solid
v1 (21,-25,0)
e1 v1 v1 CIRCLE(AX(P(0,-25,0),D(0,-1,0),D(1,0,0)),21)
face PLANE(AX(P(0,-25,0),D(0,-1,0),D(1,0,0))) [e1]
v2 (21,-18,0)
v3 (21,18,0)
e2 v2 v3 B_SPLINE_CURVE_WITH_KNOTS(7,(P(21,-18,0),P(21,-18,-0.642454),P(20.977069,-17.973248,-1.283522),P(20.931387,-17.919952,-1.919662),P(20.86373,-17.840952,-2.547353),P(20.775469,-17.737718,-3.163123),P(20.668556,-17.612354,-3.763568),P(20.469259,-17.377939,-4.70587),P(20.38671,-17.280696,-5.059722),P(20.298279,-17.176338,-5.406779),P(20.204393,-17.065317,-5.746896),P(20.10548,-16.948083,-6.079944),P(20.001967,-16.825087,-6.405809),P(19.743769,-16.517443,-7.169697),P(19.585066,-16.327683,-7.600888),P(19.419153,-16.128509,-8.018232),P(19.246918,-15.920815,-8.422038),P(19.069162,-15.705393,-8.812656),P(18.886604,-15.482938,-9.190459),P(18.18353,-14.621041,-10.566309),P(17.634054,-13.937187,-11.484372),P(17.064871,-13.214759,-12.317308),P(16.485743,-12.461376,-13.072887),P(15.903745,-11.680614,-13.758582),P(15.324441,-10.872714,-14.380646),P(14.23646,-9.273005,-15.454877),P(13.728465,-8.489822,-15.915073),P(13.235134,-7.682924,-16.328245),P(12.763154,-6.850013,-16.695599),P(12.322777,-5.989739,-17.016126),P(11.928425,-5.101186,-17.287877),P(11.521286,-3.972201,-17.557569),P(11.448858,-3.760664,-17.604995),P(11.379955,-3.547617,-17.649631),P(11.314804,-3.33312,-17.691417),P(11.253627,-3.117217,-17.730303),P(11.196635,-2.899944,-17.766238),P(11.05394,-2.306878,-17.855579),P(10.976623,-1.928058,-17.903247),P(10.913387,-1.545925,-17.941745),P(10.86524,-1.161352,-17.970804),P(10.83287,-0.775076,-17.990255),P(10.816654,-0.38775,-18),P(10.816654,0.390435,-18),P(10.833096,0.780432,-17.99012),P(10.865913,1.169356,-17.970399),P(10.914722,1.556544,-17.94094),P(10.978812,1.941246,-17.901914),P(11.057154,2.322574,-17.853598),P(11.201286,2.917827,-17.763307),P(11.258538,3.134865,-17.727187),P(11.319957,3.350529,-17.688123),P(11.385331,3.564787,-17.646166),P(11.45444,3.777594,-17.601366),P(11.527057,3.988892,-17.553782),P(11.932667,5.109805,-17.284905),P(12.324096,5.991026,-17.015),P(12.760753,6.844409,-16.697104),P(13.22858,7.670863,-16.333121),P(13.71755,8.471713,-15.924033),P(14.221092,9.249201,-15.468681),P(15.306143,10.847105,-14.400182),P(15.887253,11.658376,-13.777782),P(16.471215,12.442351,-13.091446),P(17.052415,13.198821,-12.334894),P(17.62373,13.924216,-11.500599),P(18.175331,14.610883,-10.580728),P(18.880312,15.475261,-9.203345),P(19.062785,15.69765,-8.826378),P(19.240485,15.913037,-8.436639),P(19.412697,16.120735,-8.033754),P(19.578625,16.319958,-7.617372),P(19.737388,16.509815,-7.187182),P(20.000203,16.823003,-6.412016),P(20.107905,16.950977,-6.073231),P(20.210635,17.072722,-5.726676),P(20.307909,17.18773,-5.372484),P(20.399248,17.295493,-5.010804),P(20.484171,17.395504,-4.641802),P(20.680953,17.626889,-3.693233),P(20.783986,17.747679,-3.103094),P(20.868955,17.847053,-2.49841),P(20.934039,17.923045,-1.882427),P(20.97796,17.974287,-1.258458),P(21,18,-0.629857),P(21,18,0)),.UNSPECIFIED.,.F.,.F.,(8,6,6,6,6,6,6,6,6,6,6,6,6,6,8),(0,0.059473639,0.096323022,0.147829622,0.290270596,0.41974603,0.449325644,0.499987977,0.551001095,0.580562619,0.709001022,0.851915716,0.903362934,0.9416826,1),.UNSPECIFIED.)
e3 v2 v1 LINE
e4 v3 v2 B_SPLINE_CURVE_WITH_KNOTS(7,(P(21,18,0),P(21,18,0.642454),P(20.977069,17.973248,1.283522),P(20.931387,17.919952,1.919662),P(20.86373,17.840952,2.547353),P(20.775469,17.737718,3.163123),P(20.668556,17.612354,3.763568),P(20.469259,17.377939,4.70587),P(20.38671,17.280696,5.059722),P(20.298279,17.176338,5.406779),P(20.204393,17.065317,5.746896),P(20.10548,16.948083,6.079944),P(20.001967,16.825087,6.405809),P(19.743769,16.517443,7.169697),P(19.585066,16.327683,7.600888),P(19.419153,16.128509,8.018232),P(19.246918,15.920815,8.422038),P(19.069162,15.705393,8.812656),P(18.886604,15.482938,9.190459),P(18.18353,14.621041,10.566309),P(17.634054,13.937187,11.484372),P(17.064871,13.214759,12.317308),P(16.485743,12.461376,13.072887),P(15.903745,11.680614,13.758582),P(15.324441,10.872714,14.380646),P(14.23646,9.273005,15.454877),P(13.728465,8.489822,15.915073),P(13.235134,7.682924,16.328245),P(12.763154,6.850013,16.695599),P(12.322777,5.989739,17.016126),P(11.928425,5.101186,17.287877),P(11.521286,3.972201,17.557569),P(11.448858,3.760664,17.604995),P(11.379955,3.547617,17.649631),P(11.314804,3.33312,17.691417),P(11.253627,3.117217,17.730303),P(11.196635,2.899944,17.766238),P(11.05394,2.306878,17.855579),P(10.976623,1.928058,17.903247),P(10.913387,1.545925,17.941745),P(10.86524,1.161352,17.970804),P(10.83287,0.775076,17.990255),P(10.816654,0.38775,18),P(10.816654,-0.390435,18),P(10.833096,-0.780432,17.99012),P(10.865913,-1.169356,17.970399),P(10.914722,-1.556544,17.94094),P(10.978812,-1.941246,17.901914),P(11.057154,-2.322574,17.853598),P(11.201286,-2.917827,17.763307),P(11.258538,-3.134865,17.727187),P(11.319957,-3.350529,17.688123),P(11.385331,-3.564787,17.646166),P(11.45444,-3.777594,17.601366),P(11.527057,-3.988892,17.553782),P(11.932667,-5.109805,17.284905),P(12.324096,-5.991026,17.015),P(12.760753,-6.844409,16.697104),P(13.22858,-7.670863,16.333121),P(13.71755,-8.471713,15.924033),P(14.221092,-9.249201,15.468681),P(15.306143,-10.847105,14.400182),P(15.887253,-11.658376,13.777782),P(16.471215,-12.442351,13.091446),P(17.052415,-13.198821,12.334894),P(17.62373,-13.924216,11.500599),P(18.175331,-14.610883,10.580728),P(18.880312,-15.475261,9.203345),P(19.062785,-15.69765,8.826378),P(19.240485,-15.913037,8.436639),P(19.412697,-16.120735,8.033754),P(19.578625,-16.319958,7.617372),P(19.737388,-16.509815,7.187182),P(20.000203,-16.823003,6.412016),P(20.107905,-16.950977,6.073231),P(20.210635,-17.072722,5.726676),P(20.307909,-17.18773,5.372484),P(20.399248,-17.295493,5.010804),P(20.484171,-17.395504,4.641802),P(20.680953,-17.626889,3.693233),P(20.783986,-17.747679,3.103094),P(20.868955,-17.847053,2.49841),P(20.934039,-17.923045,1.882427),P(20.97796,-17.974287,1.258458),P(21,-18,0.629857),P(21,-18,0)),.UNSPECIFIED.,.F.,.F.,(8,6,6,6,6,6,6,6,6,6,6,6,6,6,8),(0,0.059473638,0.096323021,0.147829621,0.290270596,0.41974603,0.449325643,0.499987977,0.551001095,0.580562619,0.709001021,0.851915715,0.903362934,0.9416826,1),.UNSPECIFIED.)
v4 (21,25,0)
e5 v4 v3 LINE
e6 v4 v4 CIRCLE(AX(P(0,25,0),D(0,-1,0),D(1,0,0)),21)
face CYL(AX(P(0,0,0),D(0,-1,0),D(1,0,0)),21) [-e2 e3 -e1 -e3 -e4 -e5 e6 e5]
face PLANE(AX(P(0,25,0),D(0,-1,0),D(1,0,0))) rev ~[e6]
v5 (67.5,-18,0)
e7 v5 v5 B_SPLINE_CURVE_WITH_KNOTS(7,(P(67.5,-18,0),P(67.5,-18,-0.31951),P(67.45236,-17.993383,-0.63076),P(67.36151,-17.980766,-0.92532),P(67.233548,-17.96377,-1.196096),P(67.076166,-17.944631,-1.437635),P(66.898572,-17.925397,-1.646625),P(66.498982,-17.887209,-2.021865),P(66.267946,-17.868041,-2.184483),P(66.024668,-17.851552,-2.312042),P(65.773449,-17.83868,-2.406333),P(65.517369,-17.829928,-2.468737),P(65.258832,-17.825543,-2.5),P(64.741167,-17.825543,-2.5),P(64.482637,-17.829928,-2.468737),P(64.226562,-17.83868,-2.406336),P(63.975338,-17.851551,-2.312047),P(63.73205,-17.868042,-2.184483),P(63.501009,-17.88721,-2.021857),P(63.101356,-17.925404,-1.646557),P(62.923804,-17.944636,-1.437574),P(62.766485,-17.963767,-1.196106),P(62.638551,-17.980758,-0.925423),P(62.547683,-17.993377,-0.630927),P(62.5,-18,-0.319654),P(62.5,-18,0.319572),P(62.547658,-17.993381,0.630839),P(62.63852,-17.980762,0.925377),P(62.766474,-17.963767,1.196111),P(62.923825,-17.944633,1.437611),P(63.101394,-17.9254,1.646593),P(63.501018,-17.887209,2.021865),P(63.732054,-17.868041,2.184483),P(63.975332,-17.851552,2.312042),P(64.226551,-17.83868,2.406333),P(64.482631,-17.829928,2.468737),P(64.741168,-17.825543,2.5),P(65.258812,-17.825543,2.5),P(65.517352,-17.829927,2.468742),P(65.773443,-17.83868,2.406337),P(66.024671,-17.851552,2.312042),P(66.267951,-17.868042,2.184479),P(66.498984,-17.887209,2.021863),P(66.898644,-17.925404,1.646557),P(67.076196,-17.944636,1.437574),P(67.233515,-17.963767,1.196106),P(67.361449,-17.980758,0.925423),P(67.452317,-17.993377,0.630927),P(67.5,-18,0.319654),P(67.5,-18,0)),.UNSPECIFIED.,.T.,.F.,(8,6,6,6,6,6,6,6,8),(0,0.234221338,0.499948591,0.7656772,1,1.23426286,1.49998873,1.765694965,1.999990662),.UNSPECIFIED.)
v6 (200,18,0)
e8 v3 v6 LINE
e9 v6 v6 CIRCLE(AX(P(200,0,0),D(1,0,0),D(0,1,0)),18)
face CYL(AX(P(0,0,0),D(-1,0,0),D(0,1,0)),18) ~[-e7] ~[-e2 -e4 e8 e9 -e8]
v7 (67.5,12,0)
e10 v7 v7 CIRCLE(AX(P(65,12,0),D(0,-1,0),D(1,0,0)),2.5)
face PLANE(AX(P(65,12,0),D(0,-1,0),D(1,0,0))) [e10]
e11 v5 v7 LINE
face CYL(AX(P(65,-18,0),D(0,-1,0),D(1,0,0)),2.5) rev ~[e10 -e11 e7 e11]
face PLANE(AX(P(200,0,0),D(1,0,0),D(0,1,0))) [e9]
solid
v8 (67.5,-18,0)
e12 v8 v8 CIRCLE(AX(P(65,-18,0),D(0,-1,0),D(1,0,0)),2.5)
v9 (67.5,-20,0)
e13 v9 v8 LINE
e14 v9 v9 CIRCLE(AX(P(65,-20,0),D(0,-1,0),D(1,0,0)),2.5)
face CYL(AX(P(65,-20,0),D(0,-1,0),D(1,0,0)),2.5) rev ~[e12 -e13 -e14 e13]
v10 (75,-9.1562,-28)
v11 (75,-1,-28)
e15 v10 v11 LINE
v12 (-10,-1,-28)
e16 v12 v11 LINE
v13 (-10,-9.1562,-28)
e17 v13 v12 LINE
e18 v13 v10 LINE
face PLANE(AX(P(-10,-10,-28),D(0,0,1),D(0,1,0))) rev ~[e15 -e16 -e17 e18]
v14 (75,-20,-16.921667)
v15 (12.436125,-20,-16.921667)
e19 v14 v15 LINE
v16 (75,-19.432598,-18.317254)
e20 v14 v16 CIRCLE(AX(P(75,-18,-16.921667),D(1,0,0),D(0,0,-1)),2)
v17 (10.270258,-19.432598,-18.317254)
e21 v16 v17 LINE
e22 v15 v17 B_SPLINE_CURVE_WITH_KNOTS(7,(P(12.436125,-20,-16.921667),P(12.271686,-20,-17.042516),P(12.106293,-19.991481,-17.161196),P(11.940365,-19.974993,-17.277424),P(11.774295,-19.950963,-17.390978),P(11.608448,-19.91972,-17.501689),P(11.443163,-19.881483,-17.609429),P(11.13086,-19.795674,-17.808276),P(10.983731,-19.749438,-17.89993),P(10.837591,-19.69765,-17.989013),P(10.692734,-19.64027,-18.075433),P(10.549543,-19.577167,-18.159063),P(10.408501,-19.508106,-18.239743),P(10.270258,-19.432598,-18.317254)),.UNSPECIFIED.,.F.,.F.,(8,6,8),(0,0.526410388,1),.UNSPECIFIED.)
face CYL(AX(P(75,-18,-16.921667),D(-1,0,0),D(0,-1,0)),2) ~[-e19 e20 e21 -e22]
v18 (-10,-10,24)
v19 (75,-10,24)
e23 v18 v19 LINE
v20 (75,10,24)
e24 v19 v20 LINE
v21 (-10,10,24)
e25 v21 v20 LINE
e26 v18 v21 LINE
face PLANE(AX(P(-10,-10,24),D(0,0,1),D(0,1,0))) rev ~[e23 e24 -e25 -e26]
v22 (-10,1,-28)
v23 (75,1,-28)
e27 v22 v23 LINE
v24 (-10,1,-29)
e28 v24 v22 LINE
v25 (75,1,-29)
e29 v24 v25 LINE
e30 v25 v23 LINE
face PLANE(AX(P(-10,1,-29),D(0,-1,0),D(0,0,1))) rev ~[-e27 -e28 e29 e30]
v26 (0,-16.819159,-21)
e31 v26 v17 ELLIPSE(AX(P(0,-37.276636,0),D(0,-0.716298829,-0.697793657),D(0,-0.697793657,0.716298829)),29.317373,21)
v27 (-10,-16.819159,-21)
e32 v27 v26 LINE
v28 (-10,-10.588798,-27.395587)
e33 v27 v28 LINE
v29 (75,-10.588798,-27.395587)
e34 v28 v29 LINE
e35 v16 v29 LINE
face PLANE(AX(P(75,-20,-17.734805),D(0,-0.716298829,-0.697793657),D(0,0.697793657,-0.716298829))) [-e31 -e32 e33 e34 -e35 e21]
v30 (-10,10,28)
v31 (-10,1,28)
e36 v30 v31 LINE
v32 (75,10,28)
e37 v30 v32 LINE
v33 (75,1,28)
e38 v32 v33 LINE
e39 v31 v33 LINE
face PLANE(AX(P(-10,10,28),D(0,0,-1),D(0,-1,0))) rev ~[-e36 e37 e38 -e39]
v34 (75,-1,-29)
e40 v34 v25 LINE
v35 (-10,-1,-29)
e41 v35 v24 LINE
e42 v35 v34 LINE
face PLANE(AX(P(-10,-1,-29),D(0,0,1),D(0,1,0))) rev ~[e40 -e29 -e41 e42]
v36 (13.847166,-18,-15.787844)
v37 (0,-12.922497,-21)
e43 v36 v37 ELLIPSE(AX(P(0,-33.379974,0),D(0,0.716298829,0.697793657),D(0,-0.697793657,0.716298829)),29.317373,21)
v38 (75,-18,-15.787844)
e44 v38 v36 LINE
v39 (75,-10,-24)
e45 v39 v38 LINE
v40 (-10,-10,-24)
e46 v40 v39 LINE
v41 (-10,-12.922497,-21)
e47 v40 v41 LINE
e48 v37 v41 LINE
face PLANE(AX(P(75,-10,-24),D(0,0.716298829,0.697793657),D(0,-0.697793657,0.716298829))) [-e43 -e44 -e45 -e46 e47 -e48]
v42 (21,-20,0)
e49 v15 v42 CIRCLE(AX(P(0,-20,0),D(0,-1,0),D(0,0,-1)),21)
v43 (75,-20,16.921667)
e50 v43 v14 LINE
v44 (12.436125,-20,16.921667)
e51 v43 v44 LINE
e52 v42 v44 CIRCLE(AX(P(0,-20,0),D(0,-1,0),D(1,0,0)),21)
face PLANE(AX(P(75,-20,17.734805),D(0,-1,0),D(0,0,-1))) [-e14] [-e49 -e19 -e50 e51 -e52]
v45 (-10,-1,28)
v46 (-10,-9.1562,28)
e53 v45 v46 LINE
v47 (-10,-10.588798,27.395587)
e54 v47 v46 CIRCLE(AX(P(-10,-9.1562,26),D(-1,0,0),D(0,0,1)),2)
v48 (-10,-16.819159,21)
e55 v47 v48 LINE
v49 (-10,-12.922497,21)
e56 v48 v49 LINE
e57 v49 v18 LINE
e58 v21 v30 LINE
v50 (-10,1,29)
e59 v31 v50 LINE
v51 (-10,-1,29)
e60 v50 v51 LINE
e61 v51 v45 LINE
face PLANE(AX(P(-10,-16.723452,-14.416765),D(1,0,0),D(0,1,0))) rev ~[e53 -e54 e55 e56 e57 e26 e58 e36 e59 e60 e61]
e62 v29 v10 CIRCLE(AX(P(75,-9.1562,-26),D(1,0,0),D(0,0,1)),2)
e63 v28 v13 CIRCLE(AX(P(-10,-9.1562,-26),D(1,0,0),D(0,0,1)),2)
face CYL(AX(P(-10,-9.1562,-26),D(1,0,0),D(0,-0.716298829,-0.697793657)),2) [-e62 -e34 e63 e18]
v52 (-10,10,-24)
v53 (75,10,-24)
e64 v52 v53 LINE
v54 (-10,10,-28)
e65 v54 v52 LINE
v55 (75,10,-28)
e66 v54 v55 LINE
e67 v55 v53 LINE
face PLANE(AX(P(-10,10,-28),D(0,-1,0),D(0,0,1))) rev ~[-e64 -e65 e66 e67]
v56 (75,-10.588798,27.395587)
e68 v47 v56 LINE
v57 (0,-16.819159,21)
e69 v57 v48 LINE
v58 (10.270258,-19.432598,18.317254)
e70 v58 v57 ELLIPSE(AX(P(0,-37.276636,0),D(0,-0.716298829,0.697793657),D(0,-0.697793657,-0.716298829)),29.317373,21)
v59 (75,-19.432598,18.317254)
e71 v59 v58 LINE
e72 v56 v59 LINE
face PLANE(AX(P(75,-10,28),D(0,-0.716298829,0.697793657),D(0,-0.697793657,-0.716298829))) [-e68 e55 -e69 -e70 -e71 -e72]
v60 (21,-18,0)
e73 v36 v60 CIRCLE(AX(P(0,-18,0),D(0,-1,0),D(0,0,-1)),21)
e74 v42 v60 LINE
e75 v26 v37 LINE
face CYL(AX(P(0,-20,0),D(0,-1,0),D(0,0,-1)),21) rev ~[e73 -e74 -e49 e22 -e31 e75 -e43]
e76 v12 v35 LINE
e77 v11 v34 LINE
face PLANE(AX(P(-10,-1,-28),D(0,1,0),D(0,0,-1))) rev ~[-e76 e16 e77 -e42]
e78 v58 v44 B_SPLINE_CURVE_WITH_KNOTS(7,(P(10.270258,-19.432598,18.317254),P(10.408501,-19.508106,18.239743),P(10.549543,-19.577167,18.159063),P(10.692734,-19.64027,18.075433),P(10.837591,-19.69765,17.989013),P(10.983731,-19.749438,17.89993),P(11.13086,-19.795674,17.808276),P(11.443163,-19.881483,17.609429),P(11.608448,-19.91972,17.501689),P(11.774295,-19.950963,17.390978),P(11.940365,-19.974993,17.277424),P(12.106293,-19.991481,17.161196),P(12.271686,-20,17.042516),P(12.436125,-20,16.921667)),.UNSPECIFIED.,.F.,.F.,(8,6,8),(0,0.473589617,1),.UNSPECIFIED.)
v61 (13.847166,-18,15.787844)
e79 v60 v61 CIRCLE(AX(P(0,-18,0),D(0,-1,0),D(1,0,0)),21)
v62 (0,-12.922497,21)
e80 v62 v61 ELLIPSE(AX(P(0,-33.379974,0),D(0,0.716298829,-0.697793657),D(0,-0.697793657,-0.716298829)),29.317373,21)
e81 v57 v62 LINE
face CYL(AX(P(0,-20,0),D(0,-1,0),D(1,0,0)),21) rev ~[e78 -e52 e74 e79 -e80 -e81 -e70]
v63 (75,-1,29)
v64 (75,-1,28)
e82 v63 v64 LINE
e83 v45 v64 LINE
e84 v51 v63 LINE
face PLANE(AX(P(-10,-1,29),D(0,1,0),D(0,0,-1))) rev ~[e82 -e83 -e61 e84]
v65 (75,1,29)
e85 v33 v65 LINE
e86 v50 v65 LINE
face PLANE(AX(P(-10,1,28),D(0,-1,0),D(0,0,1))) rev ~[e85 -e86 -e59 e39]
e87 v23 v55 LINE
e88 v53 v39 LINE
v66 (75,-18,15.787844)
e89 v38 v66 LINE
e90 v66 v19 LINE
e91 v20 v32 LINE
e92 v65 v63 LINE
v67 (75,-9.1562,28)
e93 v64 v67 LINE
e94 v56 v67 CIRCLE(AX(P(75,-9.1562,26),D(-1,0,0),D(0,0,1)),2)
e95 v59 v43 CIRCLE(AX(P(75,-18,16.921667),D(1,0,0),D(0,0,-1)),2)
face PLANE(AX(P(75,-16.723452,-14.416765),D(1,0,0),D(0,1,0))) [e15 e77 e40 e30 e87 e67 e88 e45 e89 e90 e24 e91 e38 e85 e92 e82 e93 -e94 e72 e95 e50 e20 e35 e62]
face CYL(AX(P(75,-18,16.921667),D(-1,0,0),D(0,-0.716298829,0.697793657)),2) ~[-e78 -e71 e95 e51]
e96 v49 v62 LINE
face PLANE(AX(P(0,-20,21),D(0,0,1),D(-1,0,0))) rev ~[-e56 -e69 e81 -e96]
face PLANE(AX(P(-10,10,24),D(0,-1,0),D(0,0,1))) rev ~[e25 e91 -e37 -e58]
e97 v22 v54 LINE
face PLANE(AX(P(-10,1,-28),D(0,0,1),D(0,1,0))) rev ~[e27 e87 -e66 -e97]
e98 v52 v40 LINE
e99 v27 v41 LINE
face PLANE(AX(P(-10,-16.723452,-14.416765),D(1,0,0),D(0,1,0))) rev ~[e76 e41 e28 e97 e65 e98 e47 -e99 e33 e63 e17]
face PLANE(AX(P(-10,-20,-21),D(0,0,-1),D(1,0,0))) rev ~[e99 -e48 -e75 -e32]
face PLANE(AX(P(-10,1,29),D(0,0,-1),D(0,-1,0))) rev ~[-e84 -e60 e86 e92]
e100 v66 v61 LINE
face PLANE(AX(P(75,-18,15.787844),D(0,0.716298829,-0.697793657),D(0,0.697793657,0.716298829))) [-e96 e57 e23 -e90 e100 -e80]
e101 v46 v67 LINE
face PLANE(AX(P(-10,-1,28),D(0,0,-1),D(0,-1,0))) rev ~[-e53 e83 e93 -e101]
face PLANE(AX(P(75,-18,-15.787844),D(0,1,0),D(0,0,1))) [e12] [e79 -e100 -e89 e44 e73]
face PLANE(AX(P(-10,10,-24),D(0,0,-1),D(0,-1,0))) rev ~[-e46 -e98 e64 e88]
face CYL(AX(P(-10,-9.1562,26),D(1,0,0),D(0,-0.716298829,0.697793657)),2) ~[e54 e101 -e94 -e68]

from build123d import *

# Parameters (mm, degrees)
F0_R      = 21
F1_DEPTH  = 25
F2_R      = 18
F3_DEPTH  = 200
F5_R      = 2.5
F6_DEPTH  = 30
F9_DEPTH  = 85
F11_DEPTH = 85
F13_DEPTH = 45.0010001
F14_R     = 2.5
F15_DEPTH = 45.0010001
F17_R     = 2


with BuildPart() as f1:
    # F0 (on Front) → F1 (new body, symmetric)
    with BuildSketch(Plane.XZ):
        Circle(F0_R)
    extrude(amount=F1_DEPTH, both=True)

    # F2 (on Right) → F3 (join)
    with BuildSketch(Plane.YZ):
        Circle(F2_R)
    extrude(amount=F3_DEPTH)

    # F5 (on offset) → F6 (cut)
    with BuildSketch(Plane.XZ.offset(18)):
        with Locations((65, 0)):
            Circle(F5_R)
    extrude(amount=-F6_DEPTH, mode=Mode.SUBTRACT)


with BuildPart() as f9:
    # F8 (on offset) → F9 (new body)
    with BuildSketch(Plane.YZ.offset(-10)):
        Polygon((0, 24), (0, 29), (-1, 29), (-1, 28), (-10, 28), (-10, 24), align=None)
        Polygon((1, 29), (0, 29), (0, 24), (10, 24), (10, 28), (1, 28), align=None)
    extrude(amount=F9_DEPTH)


with BuildPart() as f9b:
    # F8 (on offset) → F9, piece 2 (new body)
    with BuildSketch(Plane.YZ.offset(-10)):
        Polygon((0, -29), (0, -24), (-10, -24), (-10, -28), (-1, -28), (-1, -29), align=None)
        Polygon((10, -24), (0, -24), (0, -29), (1, -29), (1, -28), (10, -28), align=None)
    extrude(amount=F9_DEPTH)


with BuildPart() as f11:
    # F10 (on face) → F11 (new body)
    with BuildSketch(Plane.YZ.offset(75)):
        Polygon((-18, -15.7878436148), (-18, 0), (-20, 0), (-20, -17.7348045185), (-10, -28), (-10, -24), align=None)
        Polygon((-20, 0), (-18, 0), (-18, 15.7878436148), (-10, 24), (-10, 28), (-20, 17.7348045185), align=None)
    extrude(amount=-F11_DEPTH)

    # F12 (on face) → F13 (cut, through all)
    with BuildSketch(Plane.XZ.offset(20)):
        with BuildLine():
            ThreePointArc((0, -21), (14.8492424049, -14.8492424049), (21, 0))
            ThreePointArc((21, 0), (14.8492424049, 14.8492424049), (0, 21))
            ThreePointArc((0, 21), (-5.1580087454, 20.356692899), (-10, 18.4661853126))
            ThreePointArc((-10, 18.4661853126), (-21, 0), (-10, -18.4661853126))
            ThreePointArc((-10, -18.4661853126), (-5.1580087454, -20.356692899), (0, -21))
        make_face()
        with BuildLine():
            ThreePointArc((-10, 18.4661853126), (-5.1580087454, 20.356692899), (0, 21))
            Line((0, 21), (-10, 21))
            Line((-10, 21), (-10, 18.4661853126))
        make_face()
        with BuildLine():
            Line((-10, -21), (0, -21))
            ThreePointArc((0, -21), (-5.1580087454, -20.356692899), (-10, -18.4661853126))
            Line((-10, -18.4661853126), (-10, -21))
        make_face()
    extrude(amount=-F13_DEPTH, mode=Mode.SUBTRACT)

    # F14 (on face) → F15 (cut, through all)
    with BuildSketch(Plane.XZ.offset(20)):
        with Locations((65, 0)):
            Circle(F14_R)
    extrude(amount=-F15_DEPTH, mode=Mode.SUBTRACT)


with BuildPart() as f9_1:
    add(f9.part)

    # F16: union F9b, F11
    add(f9b.part)
    add(f11.part)

    # F17
    f17_edges = [f9_1.edges().sort_by_distance(p)[0] for p in [
        (32.5, -10, 28),
        (43.123093, -20, 17.734805),
        (43.123093, -20, -17.734805),
        (32.5, -10, -28),
    ]]
    fillet(f17_edges, radius=F17_R)


solid = Compound([f1.part, f9_1.part])
